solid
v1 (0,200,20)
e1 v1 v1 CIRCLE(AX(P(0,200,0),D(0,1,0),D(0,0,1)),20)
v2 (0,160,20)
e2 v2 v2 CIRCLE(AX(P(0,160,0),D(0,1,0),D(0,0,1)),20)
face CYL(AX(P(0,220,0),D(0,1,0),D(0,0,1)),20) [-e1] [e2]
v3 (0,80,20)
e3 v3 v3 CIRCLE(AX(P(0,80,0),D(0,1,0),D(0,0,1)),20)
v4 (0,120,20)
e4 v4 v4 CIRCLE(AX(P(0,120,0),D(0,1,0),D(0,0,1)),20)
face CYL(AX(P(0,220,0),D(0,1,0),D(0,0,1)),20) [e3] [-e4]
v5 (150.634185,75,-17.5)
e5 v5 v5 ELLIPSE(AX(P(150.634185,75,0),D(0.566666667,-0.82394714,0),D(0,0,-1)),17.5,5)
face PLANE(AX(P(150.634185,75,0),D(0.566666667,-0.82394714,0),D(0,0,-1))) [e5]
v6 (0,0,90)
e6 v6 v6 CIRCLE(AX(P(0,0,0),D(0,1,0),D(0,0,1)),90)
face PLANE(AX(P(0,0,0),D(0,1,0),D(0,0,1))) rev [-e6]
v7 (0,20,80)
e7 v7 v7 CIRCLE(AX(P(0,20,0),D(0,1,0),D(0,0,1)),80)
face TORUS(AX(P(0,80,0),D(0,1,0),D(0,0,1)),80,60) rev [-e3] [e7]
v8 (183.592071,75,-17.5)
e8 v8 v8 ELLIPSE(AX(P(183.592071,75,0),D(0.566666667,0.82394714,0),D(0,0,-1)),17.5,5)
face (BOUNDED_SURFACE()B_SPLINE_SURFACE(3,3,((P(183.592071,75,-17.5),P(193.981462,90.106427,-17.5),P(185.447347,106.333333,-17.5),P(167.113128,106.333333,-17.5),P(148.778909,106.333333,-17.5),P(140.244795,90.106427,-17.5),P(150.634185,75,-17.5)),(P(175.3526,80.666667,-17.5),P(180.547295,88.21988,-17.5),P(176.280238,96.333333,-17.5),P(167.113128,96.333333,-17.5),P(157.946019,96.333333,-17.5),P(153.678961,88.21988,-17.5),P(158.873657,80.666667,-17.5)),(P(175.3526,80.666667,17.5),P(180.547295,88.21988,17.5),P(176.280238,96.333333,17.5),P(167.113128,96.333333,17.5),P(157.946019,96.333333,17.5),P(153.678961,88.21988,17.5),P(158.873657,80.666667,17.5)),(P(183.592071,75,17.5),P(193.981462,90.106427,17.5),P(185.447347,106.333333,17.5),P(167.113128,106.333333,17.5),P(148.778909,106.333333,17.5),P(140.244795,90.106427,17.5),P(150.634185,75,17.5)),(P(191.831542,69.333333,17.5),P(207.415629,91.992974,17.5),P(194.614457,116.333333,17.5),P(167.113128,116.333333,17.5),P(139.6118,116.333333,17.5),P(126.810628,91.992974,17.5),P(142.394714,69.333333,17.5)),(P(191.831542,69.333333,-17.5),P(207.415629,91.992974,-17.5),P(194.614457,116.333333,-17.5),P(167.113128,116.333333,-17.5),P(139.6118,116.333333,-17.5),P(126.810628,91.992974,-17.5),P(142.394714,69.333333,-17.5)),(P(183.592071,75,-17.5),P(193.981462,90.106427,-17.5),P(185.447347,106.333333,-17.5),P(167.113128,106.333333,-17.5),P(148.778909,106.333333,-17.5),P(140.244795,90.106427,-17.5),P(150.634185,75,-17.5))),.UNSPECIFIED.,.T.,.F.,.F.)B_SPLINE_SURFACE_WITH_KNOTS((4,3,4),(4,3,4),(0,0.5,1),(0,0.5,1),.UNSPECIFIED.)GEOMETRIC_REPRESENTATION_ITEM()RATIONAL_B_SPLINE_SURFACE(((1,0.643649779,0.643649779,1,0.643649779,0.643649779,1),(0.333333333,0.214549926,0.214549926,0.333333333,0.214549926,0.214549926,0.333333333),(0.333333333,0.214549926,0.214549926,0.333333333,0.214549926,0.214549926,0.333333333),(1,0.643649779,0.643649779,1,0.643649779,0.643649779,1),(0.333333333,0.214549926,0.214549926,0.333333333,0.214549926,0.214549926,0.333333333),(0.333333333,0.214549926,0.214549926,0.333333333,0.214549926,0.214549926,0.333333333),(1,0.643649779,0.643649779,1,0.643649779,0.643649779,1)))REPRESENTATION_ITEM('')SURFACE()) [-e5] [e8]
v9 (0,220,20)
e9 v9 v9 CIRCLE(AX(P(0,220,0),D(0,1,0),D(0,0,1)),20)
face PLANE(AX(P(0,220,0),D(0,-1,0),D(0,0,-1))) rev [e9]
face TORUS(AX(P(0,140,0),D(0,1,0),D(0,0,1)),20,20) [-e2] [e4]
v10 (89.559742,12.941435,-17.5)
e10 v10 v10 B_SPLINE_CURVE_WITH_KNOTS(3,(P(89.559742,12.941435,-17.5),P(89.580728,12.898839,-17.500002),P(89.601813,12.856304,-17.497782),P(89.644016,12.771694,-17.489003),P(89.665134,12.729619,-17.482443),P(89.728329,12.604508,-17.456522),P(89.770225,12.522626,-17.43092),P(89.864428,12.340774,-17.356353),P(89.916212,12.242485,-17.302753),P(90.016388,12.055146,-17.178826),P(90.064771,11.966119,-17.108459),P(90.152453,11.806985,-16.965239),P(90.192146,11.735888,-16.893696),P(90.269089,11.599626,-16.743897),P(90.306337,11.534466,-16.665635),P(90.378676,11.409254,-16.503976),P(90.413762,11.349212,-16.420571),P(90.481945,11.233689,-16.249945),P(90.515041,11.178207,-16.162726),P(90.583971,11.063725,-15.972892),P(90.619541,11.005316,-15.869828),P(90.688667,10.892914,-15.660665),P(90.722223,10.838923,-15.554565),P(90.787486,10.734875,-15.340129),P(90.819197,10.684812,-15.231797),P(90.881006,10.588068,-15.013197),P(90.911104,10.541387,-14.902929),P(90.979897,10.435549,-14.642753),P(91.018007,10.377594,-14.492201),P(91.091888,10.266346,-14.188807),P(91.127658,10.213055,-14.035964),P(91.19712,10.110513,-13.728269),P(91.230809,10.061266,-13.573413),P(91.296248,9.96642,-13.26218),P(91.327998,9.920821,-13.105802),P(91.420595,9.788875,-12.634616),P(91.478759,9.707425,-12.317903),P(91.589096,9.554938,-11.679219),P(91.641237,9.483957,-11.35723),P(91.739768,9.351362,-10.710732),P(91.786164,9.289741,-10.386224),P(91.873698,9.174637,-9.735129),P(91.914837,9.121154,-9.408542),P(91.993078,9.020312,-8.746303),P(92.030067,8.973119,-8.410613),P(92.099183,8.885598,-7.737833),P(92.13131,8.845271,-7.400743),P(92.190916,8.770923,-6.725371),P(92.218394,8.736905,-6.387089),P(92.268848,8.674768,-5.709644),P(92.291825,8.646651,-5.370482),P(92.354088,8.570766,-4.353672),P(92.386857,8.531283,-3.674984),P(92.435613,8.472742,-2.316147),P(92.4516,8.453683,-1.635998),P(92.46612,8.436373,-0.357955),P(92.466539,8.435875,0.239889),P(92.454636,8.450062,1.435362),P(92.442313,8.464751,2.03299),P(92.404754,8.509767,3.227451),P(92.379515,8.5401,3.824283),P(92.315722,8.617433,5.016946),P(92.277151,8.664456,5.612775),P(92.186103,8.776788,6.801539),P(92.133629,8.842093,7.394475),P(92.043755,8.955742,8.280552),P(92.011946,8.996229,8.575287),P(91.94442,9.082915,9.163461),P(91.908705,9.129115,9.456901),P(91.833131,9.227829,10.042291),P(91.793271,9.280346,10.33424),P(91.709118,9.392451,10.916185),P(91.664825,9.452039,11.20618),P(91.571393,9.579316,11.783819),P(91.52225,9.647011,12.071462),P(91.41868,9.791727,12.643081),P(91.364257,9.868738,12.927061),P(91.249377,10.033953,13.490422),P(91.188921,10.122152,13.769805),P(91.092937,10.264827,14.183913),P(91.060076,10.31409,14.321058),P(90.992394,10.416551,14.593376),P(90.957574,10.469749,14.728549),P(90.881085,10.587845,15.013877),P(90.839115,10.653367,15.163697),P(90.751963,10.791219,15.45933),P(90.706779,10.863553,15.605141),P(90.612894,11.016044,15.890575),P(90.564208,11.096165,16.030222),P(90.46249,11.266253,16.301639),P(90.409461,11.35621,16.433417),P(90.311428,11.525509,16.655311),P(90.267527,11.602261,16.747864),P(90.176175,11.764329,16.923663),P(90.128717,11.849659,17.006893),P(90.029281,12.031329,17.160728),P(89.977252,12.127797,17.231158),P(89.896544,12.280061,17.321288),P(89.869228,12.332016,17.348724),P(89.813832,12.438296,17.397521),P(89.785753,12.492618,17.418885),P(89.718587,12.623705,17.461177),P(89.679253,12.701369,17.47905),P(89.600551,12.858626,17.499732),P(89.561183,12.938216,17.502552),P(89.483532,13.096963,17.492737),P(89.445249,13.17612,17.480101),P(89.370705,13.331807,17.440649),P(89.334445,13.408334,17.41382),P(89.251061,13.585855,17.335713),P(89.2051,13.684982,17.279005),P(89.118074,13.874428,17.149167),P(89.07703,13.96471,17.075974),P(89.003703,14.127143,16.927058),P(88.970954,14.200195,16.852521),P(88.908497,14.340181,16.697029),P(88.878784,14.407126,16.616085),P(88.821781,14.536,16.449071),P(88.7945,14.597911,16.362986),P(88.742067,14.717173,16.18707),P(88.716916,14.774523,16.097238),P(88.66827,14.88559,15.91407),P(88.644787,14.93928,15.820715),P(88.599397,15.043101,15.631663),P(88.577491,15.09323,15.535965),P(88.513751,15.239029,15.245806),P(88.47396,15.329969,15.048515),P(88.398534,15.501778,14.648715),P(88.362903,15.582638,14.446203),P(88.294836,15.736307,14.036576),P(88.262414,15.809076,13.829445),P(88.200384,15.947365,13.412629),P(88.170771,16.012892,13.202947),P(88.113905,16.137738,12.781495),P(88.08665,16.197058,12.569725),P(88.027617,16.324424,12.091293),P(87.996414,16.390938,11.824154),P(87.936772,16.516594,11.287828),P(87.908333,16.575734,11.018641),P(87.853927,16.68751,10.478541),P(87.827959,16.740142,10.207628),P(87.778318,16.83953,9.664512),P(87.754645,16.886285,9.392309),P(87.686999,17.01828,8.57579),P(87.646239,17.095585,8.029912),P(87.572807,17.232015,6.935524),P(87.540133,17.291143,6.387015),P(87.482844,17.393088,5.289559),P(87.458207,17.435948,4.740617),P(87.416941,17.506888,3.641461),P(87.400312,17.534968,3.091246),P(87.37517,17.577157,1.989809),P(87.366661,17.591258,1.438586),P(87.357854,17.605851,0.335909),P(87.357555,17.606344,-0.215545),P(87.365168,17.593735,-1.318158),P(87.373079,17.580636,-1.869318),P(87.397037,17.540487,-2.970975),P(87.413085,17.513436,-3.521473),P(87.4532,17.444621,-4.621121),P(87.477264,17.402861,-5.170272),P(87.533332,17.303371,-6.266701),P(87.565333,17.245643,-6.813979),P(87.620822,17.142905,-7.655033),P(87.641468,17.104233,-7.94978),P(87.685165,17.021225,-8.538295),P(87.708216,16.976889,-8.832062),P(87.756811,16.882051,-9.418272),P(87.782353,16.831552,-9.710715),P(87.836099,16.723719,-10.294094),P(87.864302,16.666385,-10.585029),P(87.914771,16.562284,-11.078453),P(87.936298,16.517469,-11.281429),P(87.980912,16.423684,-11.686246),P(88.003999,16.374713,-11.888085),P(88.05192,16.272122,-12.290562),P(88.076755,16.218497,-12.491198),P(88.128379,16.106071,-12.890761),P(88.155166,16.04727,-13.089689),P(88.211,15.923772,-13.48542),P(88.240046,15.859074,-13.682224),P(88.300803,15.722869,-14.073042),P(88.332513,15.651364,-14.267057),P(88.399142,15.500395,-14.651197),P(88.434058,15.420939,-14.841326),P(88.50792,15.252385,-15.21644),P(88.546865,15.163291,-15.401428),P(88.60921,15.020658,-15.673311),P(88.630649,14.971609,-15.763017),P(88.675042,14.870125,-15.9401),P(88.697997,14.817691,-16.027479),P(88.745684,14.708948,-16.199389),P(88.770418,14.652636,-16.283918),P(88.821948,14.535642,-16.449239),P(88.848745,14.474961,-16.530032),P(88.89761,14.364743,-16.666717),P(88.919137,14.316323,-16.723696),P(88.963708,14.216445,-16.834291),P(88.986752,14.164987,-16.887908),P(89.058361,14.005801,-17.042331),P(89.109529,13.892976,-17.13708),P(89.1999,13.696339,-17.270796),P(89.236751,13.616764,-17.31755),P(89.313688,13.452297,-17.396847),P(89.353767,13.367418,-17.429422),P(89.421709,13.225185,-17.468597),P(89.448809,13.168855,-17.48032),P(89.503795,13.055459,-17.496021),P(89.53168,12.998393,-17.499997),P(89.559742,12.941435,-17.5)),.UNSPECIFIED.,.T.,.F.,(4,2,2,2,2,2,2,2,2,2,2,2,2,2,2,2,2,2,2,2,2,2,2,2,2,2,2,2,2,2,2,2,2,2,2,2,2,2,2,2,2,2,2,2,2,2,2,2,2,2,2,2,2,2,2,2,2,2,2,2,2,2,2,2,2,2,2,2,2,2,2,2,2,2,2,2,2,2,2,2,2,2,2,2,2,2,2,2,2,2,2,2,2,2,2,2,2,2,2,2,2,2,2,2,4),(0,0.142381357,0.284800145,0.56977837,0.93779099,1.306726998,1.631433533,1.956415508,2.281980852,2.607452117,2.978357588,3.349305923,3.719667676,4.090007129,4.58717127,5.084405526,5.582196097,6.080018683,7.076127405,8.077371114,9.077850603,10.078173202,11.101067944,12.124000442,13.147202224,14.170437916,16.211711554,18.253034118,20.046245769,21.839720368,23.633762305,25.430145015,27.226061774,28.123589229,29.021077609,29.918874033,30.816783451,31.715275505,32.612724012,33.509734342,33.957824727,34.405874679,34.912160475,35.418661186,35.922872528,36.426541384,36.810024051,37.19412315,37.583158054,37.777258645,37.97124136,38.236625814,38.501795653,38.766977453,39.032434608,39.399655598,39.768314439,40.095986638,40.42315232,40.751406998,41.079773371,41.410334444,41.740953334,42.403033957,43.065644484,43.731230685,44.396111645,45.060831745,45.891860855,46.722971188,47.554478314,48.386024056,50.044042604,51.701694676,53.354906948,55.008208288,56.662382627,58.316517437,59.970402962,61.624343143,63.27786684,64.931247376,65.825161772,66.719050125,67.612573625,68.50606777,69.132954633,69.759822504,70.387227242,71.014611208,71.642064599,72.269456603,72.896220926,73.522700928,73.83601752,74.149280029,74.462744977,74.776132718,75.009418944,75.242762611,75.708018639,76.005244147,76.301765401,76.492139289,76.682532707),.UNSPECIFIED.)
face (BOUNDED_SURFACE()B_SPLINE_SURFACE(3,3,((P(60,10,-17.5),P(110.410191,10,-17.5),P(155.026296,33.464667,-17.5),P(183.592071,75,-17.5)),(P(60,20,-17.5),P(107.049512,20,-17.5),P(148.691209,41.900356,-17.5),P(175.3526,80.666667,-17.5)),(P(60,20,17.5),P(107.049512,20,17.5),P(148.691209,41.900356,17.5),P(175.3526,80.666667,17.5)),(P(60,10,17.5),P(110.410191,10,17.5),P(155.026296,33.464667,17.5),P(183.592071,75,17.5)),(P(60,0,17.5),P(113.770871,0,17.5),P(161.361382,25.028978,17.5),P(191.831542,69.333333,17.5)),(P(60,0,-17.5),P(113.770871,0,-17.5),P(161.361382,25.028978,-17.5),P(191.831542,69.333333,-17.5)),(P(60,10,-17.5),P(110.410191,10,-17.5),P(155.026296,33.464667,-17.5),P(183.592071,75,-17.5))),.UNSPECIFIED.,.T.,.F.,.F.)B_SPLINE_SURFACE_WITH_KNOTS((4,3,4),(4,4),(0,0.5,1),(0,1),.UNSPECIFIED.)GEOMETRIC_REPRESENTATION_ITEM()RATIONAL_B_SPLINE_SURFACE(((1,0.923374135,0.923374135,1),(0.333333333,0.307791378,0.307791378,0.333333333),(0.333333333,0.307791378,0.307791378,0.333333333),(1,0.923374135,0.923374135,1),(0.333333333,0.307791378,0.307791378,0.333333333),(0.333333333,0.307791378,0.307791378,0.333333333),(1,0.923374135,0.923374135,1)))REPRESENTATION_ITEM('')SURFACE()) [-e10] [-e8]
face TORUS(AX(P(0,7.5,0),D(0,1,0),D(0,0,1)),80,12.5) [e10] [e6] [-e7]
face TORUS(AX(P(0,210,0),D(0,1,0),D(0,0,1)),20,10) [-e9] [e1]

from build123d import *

# Parameters (mm, degrees)
SKETCH4_RX = 17.5
SKETCH4_RY = 5


with BuildPart() as part:
    # Sketch1 → Revolve1 (revolve)
    with BuildSketch(Plane.XY):
        with BuildLine():
            Line((0, 220), (0, 0))
            Line((0, 0), (90, 0))
            ThreePointArc((90, 0), (91.180339887, 13.090169944), (80, 20))
            ThreePointArc((80, 20), (37.573593129, 37.573593129), (20, 80))
            Line((20, 80), (20, 120))
            ThreePointArc((20, 120), (40, 140), (20, 160))
            Line((20, 160), (20, 200))
            ThreePointArc((20, 200), (30, 210), (20, 220))
            Line((20, 220), (0, 220))
        make_face()
    revolve(axis=Axis((0, 220, 0), (0, -1, 0)))

    # Sweep1: sweep along a path in Sketch2
    with BuildLine(Plane.XY) as sweep1_path:
        Line((0, 10), (60, 10))
        ThreePointArc((60, 10), (129.821200219, 27.240819526), (183.592070943, 75))
        ThreePointArc((183.592070943, 75), (167.113128151, 106.333333333), (150.634185358, 75))
    # Sketch4 → Sweep1 (sweep)
    with BuildSketch(Plane(origin=(0, 0, 0), x_dir=(0, 0, -1), z_dir=(1, 0, 0))):
        with Locations((0, 10)):
            Ellipse(SKETCH4_RX, SKETCH4_RY)
    sweep(path=sweep1_path.line)


solid = part.part
